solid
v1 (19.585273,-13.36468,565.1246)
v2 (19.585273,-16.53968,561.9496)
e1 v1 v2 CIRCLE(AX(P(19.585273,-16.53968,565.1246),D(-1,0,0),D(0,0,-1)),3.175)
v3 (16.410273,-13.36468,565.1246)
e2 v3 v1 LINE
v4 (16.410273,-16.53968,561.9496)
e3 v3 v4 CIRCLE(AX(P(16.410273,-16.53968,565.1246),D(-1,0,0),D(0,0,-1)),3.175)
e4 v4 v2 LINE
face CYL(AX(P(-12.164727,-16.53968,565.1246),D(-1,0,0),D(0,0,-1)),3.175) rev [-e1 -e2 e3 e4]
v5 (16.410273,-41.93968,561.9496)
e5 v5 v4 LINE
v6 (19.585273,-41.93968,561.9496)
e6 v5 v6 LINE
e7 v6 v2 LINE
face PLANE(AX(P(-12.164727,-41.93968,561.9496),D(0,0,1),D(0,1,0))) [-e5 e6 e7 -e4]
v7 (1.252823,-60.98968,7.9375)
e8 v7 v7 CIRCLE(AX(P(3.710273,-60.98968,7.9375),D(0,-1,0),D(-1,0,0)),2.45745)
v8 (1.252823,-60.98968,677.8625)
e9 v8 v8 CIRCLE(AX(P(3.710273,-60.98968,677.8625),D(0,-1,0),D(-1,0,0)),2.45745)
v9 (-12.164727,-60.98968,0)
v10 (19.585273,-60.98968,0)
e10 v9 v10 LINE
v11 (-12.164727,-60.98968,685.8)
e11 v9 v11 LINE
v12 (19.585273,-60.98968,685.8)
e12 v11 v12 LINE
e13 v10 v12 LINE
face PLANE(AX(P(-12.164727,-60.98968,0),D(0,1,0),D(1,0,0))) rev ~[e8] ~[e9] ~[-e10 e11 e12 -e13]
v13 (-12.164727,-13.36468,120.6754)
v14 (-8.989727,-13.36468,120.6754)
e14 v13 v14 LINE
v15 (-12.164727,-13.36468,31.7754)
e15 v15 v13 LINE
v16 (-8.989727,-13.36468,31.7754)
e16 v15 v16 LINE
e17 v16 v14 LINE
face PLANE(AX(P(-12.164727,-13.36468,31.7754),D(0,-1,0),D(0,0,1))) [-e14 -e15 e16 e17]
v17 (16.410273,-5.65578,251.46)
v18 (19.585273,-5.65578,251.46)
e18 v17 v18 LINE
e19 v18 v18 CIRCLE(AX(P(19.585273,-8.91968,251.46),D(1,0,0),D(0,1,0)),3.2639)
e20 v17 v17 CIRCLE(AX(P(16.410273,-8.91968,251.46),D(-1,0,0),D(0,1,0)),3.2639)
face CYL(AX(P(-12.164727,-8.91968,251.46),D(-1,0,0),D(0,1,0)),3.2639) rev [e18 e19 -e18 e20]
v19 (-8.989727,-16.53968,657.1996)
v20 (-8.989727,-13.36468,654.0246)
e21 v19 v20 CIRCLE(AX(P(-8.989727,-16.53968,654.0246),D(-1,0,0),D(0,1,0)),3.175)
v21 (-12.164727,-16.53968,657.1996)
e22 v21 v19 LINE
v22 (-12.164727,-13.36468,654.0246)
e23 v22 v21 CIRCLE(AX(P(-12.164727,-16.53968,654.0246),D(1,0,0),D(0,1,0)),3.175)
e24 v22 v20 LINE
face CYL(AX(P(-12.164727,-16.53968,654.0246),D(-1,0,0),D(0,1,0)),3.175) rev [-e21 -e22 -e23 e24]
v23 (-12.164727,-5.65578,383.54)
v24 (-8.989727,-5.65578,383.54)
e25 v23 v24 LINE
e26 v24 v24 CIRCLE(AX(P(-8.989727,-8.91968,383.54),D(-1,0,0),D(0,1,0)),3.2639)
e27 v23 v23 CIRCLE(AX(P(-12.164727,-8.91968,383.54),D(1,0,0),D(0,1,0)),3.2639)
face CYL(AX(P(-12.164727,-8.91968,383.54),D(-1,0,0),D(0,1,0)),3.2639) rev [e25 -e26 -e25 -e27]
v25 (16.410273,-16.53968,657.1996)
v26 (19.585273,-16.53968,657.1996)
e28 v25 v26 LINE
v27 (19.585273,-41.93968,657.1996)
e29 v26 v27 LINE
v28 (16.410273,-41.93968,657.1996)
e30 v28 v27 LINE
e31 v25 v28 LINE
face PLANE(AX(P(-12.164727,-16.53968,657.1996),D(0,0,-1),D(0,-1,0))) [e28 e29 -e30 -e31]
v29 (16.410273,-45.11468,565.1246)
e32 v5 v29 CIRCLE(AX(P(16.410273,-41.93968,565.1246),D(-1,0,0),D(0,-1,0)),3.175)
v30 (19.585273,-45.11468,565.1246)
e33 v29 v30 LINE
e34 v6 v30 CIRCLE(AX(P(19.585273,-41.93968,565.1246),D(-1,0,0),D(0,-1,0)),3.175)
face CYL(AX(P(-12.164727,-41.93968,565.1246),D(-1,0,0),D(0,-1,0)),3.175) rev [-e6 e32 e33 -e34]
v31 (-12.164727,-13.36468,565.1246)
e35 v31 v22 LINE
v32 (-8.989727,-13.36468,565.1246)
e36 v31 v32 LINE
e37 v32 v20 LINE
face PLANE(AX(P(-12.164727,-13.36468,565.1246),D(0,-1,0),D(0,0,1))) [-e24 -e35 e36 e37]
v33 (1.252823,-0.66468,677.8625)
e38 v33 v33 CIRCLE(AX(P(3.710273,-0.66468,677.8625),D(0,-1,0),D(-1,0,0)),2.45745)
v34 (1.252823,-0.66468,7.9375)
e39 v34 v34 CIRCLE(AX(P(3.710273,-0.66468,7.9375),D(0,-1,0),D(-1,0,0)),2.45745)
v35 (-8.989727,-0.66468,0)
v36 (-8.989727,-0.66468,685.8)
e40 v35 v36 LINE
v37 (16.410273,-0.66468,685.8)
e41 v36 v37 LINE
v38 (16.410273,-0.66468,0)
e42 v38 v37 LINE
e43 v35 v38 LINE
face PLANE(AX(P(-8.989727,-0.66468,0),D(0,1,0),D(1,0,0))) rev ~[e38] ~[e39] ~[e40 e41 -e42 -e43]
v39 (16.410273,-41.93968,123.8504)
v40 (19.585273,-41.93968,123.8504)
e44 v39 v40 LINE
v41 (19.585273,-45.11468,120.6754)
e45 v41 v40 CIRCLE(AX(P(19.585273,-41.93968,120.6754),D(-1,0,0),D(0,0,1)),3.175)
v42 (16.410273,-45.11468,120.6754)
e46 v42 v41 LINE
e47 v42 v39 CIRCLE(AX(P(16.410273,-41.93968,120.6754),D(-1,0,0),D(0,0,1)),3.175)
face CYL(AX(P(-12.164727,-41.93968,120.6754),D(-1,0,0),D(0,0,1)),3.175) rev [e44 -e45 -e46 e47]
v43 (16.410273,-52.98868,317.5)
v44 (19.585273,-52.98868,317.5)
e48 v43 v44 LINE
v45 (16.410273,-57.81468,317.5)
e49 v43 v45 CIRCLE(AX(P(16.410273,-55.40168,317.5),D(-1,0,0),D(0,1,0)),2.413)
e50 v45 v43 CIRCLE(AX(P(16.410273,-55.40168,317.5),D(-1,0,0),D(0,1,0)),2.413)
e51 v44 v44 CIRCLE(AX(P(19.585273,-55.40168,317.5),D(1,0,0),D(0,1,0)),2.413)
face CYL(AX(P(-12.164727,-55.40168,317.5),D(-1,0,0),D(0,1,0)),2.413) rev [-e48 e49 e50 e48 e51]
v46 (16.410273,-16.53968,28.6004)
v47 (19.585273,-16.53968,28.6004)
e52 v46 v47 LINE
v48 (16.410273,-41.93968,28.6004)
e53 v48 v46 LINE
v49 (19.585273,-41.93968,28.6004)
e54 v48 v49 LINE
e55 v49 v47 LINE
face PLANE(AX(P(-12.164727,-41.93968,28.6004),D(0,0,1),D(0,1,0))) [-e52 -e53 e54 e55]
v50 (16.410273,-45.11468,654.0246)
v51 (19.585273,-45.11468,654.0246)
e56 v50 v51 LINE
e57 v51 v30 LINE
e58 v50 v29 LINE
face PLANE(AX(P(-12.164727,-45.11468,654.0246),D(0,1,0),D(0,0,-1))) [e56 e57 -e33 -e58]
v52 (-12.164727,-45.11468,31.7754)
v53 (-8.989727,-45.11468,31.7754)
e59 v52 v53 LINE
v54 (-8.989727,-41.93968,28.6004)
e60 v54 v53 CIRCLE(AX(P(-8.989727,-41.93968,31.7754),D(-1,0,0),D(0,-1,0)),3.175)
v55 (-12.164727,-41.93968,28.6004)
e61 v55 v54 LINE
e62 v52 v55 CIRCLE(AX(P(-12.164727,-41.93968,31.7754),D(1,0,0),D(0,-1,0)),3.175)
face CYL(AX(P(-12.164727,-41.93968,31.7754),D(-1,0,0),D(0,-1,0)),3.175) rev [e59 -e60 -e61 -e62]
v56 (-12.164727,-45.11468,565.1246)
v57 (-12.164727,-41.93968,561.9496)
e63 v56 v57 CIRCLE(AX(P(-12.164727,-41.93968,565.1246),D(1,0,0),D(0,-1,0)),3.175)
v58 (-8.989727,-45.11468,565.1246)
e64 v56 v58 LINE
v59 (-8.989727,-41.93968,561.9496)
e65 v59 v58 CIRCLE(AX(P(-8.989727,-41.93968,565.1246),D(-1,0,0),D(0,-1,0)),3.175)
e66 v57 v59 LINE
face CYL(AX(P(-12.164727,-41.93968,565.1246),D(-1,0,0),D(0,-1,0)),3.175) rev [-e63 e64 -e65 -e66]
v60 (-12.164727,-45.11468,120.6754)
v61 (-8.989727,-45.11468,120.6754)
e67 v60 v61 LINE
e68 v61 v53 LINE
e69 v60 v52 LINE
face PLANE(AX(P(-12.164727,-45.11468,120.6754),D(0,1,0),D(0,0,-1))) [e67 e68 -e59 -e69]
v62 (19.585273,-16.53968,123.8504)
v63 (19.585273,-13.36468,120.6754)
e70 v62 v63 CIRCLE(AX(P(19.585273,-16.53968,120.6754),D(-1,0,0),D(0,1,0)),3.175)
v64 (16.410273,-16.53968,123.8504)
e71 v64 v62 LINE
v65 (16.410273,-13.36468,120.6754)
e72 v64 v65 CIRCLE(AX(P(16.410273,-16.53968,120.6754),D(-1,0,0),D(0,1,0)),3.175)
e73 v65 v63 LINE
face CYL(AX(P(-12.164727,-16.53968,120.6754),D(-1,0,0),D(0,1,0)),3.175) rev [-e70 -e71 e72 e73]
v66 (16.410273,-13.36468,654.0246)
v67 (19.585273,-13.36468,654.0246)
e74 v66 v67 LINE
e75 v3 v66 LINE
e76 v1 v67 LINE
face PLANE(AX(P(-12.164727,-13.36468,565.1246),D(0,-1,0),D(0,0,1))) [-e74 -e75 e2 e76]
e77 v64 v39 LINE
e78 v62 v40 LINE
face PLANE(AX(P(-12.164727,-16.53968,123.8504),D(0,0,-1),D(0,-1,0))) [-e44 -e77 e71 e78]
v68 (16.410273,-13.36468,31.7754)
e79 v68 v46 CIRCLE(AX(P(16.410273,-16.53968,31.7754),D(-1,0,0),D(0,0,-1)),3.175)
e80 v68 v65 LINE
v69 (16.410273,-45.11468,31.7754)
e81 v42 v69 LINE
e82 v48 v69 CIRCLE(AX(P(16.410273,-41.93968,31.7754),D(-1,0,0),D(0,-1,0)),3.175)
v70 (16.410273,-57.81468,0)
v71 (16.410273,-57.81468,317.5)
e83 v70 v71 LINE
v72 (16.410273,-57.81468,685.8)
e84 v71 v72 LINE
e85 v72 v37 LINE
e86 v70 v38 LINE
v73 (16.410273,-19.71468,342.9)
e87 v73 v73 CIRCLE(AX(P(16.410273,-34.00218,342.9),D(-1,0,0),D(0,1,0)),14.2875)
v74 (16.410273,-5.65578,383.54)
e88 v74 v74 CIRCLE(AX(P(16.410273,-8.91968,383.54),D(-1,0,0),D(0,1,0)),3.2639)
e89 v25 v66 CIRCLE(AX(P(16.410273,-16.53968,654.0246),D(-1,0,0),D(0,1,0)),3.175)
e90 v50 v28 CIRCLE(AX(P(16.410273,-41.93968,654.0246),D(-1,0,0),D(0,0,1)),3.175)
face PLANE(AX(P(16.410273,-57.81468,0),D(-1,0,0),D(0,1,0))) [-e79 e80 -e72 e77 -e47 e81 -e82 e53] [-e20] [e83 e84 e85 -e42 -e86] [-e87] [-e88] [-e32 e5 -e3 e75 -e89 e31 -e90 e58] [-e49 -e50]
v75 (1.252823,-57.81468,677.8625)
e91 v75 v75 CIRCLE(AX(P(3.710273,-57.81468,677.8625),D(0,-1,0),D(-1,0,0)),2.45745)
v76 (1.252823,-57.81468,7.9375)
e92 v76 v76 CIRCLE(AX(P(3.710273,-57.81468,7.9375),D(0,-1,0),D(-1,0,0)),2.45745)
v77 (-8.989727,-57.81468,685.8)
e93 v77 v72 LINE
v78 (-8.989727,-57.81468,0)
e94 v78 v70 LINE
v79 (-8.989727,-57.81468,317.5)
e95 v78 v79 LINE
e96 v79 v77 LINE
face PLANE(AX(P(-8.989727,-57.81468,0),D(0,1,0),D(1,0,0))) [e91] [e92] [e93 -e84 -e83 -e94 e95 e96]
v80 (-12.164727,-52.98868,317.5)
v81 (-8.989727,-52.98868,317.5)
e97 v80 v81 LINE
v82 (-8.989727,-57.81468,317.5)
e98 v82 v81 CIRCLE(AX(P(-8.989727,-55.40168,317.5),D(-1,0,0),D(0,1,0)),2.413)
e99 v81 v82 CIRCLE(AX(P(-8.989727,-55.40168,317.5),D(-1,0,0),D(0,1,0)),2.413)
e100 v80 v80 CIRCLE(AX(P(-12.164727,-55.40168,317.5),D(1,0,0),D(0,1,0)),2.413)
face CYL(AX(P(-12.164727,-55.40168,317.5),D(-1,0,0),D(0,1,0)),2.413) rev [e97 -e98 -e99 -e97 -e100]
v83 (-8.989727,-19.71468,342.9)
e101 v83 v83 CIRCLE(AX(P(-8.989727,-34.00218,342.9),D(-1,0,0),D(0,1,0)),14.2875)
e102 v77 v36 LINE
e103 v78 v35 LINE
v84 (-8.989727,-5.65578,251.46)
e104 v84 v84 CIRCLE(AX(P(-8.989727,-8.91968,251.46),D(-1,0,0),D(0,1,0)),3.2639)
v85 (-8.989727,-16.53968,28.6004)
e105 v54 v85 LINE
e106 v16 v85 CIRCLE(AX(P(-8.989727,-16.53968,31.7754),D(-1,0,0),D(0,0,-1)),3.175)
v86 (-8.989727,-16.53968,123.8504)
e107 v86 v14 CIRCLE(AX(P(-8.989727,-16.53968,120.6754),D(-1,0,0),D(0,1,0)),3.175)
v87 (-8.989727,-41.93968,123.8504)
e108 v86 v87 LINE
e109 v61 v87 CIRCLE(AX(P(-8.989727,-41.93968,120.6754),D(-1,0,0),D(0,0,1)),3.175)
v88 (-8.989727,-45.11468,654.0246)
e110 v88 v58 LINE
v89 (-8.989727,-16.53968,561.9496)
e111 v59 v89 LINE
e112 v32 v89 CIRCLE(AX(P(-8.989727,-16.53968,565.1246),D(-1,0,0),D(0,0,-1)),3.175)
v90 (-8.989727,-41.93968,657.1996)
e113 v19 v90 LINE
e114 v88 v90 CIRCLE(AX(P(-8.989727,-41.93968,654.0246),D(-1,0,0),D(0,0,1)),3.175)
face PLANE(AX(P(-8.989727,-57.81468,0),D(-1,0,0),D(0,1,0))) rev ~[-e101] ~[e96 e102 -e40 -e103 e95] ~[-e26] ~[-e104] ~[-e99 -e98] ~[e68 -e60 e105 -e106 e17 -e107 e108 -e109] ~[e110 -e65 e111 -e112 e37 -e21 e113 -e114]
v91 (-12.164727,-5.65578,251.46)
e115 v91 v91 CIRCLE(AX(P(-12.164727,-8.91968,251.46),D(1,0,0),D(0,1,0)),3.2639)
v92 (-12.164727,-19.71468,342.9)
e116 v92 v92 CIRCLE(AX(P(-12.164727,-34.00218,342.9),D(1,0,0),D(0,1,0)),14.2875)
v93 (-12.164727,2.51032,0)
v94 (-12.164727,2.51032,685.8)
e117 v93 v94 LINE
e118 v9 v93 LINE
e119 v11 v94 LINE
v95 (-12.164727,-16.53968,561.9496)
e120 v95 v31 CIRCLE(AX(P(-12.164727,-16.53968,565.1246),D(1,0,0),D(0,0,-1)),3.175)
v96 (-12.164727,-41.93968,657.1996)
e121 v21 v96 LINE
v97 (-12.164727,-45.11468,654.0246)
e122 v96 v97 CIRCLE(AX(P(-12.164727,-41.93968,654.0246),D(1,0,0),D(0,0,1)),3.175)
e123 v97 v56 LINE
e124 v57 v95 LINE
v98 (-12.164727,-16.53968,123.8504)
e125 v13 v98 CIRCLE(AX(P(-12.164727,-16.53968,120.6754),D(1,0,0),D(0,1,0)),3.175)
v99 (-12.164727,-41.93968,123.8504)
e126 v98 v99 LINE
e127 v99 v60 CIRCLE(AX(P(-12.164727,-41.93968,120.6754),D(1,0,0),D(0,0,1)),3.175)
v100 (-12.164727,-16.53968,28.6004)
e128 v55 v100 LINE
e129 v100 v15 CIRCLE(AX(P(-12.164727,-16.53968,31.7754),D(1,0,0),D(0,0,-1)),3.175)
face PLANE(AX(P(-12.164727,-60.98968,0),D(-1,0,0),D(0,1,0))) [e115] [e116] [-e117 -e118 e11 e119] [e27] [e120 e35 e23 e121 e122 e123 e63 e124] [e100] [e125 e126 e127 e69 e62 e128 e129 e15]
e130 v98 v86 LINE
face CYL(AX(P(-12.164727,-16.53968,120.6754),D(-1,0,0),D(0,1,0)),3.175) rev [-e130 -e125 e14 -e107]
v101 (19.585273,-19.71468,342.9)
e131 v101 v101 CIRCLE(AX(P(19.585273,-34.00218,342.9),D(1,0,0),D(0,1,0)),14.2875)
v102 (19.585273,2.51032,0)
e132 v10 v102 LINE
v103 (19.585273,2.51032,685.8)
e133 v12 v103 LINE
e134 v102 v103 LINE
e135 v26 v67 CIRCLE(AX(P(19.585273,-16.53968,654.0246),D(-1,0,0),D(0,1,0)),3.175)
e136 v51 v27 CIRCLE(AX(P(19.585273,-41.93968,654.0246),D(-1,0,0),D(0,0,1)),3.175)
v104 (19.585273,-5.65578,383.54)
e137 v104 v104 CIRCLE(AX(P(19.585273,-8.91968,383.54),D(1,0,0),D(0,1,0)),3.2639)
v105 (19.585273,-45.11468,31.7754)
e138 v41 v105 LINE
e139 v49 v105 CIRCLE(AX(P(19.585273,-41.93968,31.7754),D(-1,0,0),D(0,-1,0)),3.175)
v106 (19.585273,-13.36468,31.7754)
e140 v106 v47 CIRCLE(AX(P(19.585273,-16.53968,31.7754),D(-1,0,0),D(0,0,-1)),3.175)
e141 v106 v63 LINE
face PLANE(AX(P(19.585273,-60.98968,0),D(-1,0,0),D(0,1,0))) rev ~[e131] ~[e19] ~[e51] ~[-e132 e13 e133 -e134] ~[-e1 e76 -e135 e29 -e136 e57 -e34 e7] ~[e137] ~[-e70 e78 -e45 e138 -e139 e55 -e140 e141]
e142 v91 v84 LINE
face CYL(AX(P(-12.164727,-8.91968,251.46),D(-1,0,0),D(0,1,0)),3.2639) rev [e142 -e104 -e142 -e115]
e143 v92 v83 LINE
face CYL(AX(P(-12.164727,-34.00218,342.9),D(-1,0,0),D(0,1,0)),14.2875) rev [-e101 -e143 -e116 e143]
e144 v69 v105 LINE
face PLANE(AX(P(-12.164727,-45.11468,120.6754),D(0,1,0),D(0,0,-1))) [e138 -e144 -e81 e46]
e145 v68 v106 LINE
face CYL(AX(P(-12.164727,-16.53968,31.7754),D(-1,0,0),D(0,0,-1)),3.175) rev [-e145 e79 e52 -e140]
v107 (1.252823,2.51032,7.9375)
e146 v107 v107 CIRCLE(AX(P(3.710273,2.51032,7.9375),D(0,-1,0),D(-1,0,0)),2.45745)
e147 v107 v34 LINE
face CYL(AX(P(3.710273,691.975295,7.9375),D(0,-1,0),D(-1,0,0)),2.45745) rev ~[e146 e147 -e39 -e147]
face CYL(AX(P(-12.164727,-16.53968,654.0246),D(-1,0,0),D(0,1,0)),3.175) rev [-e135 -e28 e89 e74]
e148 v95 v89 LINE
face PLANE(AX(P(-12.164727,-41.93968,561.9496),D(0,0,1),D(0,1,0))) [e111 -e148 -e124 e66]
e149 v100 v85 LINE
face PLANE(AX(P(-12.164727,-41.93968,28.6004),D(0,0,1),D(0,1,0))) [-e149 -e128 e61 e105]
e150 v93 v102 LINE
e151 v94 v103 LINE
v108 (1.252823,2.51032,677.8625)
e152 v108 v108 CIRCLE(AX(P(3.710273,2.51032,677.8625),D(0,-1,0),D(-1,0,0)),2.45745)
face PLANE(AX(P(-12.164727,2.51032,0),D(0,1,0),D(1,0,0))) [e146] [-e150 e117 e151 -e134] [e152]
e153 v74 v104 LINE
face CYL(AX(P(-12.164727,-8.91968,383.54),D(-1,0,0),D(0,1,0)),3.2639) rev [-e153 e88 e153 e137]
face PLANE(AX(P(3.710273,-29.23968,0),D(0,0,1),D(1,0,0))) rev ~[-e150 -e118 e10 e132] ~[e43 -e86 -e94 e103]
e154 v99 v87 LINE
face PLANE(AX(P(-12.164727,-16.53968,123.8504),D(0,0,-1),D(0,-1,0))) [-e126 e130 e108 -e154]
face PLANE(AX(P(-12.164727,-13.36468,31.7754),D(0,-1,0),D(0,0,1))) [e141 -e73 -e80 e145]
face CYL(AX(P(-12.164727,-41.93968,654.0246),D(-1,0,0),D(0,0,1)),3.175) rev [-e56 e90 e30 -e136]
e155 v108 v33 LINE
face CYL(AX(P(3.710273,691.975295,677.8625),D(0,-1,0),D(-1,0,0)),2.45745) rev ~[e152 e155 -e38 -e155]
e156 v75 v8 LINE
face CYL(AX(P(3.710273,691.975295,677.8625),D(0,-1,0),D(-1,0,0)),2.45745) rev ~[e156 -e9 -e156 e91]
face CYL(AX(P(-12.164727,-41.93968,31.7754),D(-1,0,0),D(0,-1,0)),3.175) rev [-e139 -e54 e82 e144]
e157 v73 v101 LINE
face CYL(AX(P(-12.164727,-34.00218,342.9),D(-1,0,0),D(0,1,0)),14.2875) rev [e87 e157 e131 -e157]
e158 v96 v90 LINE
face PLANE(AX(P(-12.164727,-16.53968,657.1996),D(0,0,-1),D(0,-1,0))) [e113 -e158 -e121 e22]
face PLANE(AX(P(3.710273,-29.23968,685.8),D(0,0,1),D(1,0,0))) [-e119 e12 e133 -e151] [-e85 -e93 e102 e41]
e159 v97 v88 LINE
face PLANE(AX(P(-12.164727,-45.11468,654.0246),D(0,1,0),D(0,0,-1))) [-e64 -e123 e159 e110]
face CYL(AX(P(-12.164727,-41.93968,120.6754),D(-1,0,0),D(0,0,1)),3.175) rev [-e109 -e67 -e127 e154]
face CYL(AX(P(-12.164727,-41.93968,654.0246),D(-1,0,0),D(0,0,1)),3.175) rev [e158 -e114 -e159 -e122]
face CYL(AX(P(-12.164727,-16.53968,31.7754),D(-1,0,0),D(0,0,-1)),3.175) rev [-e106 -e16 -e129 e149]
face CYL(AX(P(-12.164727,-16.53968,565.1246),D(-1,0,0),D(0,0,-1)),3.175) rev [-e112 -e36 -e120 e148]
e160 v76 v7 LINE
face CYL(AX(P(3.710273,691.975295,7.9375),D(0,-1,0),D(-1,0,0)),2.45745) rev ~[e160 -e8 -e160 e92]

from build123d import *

# Parameters (mm, degrees)
SKETCH1_W                    = 31.75
SKETCH1_H                    = 63.5
SKETCH1_W_2                  = 25.4
SKETCH1_H_2                  = 57.15
BOSS_EXTRUDE1_DEPTH          = 685.8
CUT_EXTRUDE1_REACH           = 691.238
F_10_0_1935_DIAMETER_HOLE1_D = 4.9149
CUT_EXTRUDE2_START           = -31.75
SKETCH6_R                    = 14.2875
SKETCH6_R_2                  = 3.2639
SKETCH6_R_3                  = 2.413
CUT_EXTRUDE2_DEPTH           = 31.75


with BuildPart() as part:
    # Sketch1 → Boss-Extrude1 (new body)
    with BuildSketch(Plane.XY):
        with Locations((3.710272719, -29.23968021)):
            Rectangle(SKETCH1_W, SKETCH1_H)
        with Locations((3.710272719, -29.23968021)):
            Rectangle(SKETCH1_W_2, SKETCH1_H_2, mode=Mode.SUBTRACT)
    extrude(amount=BOSS_EXTRUDE1_DEPTH)

    # Cut-Extrude1: up to this face of the body (flat: up to its plane)
    cut_extrude1_end = Plane(part.part.faces().sort_by_distance((19.585272719, -29.23968021, 342.9))[0])
    # Sketch3 → Cut-Extrude1 (cut, up to the picked face)
    with BuildSketch(Plane.ZY.offset(12.164727281), mode=Mode.PRIVATE) as cut_extrude1_sk1:
        with BuildLine():
            Line((31.7754, -13.36468021), (120.6754, -13.36468021))
            ThreePointArc((120.6754, -13.36468021), (122.92046403, -14.294616179), (123.8504, -16.53968021))
            Line((123.8504, -16.53968021), (123.8504, -41.93968021))
            ThreePointArc((123.8504, -41.93968021), (122.92046403, -44.18474424), (120.6754, -45.11468021))
            Line((120.6754, -45.11468021), (31.7754, -45.11468021))
            ThreePointArc((31.7754, -45.11468021), (29.53033597, -44.18474424), (28.6004, -41.93968021))
            Line((28.6004, -41.93968021), (28.6004, -16.53968021))
            ThreePointArc((28.6004, -16.53968021), (29.53033597, -14.294616179), (31.7754, -13.36468021))
        make_face()
    cut_extrude1_tool1 = split(extrude(cut_extrude1_sk1.sketch, amount=-CUT_EXTRUDE1_REACH, mode=Mode.PRIVATE), bisect_by=cut_extrude1_end, keep=Keep.BOTH, mode=Mode.PRIVATE)
    # Sketch3 → Cut-Extrude1 (cut, up to the picked face)
    with BuildSketch(Plane.ZY.offset(12.164727281), mode=Mode.PRIVATE) as cut_extrude1_sk2:
        with BuildLine():
            ThreePointArc((657.1996, -41.93968021), (656.26966403, -44.18474424), (654.0246, -45.11468021))
            Line((654.0246, -45.11468021), (565.1246, -45.11468021))
            ThreePointArc((565.1246, -45.11468021), (562.87953597, -44.18474424), (561.9496, -41.93968021))
            Line((561.9496, -41.93968021), (561.9496, -16.53968021))
            ThreePointArc((561.9496, -16.53968021), (562.87953597, -14.294616179), (565.1246, -13.36468021))
            Line((565.1246, -13.36468021), (654.0246, -13.36468021))
            ThreePointArc((654.0246, -13.36468021), (656.26966403, -14.294616179), (657.1996, -16.53968021))
            Line((657.1996, -16.53968021), (657.1996, -41.93968021))
        make_face()
    cut_extrude1_tool2 = split(extrude(cut_extrude1_sk2.sketch, amount=-CUT_EXTRUDE1_REACH, mode=Mode.PRIVATE), bisect_by=cut_extrude1_end, keep=Keep.BOTH, mode=Mode.PRIVATE)
    add(cut_extrude1_tool1.solids().sort_by(Axis((-12.164727, -29.23968, 76.2254), (1, 0, 0)))[0], mode=Mode.SUBTRACT)
    add(cut_extrude1_tool2.solids().sort_by(Axis((-12.164727, -29.23968, 609.5746), (1, 0, 0)))[0], mode=Mode.SUBTRACT)

    # #10 (0.1935) Diameter Hole1 (through all)
    with Locations(Plane(origin=(3.710272719, 2.51031979, 677.8625), x_dir=(1, 0, 0), z_dir=(0, 1, 0))):
        with Locations((0, 0), (0, 669.925)):
            Hole(F_10_0_1935_DIAMETER_HOLE1_D / 2)

    # Sketch6 → Cut-Extrude2 (cut)
    with BuildSketch(Plane(origin=(19.585272719, 0, 0), x_dir=(0, 0, -1), z_dir=(1, 0, 0)).offset(CUT_EXTRUDE2_START)):
        with Locations(Location((-342.9, -34.00218021, 0), (0, 0, 90))):
            Circle(SKETCH6_R)
        with Locations(Location((-383.54, -8.91968021, 0), (0, 0, 90))):
            Circle(SKETCH6_R_2)
        with Locations(Location((-251.46, -8.91968021, 0), (0, 0, 90))):
            Circle(SKETCH6_R_2)
        with Locations(Location((-317.5, -55.40168021, 0), (0, 0, 90))):
            Circle(SKETCH6_R_3)
    extrude(amount=CUT_EXTRUDE2_DEPTH, mode=Mode.SUBTRACT)


solid = part.part
